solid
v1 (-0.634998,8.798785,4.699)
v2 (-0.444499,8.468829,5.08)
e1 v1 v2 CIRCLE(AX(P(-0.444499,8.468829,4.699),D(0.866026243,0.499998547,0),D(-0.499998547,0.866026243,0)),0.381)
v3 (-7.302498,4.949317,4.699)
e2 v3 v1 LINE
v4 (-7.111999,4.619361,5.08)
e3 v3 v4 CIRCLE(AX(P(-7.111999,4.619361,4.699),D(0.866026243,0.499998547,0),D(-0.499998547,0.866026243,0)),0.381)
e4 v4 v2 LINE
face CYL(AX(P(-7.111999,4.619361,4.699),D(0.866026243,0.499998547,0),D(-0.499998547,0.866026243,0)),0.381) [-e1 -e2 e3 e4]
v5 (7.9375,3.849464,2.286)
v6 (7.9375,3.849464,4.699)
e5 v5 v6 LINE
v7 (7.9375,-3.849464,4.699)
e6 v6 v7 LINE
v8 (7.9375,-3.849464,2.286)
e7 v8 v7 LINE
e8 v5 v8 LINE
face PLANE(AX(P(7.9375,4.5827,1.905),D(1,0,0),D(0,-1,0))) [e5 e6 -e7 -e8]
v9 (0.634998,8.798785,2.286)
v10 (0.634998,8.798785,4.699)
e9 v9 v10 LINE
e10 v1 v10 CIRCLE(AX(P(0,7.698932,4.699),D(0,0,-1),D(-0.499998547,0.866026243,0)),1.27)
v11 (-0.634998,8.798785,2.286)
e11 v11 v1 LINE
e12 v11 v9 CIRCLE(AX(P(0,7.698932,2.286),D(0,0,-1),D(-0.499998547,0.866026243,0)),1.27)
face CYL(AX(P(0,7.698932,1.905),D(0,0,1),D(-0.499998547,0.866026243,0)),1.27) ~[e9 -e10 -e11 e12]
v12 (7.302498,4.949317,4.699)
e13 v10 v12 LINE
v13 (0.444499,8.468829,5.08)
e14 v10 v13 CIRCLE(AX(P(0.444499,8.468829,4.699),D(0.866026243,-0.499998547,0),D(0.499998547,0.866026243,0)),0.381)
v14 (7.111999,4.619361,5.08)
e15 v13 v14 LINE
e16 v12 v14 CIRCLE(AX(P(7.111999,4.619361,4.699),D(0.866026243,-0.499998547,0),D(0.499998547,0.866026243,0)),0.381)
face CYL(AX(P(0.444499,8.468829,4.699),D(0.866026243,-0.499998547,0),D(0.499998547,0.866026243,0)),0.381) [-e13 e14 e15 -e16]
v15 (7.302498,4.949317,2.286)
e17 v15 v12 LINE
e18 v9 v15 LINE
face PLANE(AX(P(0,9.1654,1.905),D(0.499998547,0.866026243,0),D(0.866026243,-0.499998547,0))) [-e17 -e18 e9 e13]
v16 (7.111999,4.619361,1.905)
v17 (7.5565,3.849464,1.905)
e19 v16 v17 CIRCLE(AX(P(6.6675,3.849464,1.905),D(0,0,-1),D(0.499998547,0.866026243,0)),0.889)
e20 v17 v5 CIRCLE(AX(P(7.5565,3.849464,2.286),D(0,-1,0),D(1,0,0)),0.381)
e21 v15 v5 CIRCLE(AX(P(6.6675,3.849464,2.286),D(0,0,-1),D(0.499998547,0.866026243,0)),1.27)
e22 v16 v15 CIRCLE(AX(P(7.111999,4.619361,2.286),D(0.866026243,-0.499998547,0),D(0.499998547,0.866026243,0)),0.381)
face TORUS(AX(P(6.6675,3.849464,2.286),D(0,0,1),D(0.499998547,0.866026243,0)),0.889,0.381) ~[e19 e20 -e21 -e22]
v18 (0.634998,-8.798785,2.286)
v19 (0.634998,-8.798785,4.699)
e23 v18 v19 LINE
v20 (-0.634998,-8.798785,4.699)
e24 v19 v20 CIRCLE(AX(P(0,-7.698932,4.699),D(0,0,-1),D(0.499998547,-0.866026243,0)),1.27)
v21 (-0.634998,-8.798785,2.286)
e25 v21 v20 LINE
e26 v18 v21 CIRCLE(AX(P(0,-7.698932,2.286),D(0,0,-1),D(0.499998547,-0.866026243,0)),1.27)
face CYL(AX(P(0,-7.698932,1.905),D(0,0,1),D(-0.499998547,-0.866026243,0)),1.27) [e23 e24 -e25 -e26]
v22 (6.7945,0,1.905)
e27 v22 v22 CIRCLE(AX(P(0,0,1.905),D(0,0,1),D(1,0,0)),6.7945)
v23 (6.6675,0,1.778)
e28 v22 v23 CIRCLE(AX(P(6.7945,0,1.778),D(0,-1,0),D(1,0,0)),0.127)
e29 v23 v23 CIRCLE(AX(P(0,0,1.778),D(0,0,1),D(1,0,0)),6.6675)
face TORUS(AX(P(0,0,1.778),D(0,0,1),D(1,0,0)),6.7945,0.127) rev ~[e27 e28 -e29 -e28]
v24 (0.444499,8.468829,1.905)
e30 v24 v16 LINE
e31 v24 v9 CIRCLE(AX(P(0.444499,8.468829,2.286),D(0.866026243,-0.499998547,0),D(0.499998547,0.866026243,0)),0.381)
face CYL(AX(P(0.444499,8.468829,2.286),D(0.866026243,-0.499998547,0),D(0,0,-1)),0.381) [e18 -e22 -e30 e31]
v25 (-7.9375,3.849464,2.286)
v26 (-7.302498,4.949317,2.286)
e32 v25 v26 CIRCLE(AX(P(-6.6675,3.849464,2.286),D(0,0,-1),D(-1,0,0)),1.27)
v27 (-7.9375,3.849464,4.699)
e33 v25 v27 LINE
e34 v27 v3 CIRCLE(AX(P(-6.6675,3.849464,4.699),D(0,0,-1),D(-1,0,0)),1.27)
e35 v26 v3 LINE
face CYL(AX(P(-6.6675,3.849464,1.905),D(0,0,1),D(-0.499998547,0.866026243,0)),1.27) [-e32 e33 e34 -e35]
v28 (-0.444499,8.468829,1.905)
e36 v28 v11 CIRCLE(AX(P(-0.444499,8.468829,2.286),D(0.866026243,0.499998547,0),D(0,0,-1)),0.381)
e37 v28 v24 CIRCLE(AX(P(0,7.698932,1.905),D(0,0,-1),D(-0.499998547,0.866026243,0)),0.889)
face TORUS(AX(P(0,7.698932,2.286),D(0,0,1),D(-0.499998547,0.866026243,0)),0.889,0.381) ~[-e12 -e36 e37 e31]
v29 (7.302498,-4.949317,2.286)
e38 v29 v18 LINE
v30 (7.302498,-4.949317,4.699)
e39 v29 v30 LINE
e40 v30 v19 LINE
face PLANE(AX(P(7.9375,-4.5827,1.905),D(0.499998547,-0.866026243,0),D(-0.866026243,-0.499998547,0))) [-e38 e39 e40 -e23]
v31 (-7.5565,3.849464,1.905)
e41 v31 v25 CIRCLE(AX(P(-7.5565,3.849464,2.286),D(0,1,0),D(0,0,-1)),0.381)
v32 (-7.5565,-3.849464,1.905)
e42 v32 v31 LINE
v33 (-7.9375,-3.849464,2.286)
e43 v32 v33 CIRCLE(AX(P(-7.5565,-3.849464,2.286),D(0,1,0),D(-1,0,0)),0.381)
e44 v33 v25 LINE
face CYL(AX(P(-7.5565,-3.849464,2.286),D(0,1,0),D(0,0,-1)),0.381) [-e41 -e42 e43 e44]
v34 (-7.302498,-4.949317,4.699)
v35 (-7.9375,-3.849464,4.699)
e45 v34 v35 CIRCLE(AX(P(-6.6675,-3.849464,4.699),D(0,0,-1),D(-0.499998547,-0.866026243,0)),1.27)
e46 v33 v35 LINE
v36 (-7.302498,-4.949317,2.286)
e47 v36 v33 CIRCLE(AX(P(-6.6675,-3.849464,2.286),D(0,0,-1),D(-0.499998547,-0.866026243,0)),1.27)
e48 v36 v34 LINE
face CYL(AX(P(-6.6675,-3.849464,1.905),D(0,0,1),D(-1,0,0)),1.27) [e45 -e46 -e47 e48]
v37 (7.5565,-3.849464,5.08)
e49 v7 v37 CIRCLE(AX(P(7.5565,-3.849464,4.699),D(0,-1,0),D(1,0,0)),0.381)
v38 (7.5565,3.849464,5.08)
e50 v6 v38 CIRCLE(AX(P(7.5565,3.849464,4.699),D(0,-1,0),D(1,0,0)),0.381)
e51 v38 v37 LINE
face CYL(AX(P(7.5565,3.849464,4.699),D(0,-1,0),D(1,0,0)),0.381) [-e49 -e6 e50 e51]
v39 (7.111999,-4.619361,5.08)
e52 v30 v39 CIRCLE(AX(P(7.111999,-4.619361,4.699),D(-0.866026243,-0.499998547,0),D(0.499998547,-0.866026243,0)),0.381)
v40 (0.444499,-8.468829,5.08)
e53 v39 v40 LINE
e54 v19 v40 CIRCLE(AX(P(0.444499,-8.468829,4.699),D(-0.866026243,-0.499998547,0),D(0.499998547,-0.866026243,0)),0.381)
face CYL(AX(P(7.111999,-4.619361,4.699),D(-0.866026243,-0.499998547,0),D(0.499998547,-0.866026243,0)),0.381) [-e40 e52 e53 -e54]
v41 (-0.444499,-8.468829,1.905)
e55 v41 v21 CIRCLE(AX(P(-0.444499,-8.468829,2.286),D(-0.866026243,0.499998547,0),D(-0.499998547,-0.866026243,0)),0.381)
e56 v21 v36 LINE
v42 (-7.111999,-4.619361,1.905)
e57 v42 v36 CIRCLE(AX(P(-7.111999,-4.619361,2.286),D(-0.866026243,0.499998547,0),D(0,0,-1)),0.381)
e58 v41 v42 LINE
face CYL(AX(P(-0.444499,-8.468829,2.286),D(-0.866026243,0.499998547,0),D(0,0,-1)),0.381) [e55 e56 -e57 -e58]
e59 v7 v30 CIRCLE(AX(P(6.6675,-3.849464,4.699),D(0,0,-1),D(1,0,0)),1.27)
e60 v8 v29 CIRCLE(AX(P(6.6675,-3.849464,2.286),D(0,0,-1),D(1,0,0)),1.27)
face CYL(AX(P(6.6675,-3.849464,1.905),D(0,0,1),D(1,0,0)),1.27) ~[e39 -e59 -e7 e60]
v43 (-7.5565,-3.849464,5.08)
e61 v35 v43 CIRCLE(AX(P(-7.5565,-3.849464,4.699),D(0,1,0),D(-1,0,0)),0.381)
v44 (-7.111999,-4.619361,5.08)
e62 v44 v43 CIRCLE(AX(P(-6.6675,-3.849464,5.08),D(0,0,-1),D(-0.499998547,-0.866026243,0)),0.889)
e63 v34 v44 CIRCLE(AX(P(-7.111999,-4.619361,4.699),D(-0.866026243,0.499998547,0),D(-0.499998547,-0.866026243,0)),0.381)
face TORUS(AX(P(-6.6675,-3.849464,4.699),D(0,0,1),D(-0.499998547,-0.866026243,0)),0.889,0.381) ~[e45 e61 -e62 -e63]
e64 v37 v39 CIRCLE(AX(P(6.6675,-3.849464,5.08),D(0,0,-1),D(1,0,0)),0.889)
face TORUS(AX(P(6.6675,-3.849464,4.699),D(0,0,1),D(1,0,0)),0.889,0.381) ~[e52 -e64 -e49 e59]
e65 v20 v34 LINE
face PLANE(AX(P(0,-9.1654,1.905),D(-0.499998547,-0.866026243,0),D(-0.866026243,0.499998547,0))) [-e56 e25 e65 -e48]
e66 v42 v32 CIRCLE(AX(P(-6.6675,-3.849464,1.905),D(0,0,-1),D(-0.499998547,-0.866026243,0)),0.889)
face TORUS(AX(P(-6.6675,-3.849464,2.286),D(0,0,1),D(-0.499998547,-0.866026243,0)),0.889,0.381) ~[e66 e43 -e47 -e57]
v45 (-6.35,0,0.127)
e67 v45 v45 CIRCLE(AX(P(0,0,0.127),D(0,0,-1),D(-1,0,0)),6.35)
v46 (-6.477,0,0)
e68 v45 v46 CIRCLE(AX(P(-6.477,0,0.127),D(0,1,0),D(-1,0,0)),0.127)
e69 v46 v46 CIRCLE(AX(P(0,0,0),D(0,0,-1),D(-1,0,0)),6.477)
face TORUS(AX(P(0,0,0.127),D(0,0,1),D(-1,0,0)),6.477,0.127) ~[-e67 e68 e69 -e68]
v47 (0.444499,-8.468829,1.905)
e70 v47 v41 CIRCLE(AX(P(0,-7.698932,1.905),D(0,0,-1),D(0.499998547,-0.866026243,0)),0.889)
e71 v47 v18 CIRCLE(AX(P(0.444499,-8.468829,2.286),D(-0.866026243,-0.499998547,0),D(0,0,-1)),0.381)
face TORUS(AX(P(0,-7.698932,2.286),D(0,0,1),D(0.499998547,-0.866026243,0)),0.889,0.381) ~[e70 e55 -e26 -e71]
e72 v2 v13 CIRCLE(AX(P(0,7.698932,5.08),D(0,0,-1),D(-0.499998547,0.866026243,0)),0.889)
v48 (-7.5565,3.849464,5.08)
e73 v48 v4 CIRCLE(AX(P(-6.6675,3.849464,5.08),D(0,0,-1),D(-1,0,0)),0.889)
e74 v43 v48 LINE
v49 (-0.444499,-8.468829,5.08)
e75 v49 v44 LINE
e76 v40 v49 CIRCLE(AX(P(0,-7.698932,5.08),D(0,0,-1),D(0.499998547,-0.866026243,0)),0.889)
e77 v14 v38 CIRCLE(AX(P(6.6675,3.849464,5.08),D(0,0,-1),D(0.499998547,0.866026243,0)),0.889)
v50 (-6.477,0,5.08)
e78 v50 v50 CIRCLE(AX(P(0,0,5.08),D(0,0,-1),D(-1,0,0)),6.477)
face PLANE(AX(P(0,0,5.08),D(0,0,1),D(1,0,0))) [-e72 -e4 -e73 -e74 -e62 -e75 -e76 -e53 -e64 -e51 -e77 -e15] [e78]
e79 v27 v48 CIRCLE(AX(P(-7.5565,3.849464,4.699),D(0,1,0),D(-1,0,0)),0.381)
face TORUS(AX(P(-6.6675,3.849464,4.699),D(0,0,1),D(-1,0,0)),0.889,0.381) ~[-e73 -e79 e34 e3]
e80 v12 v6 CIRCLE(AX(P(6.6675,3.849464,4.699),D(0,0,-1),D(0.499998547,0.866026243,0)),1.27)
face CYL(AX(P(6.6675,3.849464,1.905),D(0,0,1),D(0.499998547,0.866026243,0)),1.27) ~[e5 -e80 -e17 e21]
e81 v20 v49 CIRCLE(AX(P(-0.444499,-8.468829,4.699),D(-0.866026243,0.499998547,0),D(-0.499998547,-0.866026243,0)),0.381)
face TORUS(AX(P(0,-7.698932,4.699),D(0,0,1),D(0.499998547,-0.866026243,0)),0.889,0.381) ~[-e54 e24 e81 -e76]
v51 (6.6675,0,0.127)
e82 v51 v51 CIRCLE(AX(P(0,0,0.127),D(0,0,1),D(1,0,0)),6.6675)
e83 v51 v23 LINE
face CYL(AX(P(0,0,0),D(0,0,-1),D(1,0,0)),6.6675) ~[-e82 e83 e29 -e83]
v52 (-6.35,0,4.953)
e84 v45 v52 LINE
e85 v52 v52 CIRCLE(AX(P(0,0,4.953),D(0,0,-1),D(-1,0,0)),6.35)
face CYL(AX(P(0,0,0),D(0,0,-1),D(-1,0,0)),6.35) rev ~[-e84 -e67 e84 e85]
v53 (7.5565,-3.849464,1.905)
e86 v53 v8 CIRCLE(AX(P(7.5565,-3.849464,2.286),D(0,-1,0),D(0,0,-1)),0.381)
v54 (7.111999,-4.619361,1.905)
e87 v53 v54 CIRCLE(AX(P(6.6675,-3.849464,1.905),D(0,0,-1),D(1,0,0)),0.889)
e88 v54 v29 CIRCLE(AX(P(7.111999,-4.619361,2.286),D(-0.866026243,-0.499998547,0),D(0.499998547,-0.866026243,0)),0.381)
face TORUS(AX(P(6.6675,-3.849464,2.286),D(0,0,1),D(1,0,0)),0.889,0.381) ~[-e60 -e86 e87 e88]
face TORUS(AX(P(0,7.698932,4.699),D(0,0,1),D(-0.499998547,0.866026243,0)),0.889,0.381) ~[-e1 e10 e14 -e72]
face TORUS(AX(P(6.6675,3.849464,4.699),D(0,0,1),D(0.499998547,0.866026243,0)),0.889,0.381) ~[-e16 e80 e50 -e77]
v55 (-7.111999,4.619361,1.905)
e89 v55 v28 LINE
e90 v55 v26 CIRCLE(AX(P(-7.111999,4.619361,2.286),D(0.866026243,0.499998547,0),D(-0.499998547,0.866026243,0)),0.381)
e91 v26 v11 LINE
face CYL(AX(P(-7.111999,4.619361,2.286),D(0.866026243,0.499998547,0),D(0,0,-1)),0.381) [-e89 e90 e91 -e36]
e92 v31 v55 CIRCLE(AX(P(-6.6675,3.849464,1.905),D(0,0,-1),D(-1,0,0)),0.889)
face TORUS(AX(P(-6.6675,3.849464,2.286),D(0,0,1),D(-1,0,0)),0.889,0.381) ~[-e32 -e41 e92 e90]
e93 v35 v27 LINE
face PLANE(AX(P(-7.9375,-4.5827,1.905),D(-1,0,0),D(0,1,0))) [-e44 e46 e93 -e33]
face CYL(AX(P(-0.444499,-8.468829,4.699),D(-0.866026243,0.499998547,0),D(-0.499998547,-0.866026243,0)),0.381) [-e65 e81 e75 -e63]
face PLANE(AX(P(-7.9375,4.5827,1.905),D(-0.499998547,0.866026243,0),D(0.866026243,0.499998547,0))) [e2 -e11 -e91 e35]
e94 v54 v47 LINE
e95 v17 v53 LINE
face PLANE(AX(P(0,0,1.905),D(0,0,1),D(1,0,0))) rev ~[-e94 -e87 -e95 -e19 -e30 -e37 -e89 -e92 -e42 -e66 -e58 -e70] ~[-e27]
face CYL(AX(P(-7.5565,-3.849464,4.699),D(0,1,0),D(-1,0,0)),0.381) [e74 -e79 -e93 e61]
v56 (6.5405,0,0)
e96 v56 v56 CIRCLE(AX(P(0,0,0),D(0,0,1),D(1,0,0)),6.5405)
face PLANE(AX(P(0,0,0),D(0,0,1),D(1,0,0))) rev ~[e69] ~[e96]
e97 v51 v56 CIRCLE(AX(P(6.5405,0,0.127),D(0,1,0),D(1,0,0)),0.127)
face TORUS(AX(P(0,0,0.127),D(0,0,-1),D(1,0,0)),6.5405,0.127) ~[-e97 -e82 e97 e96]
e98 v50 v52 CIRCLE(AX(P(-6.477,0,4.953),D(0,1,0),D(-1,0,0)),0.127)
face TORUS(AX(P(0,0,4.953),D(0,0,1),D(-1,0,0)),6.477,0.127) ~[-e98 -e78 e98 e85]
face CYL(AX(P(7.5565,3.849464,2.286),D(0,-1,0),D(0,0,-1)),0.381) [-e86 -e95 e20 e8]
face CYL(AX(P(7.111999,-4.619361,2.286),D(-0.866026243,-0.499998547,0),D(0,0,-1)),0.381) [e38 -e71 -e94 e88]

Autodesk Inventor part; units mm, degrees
ref_plane "YZ Plane" through (0, 0, 0) normal (1, 0, 0) x (0, 1, 0)
ref_plane "XZ Plane" through (0, 0, 0) normal (0, 1, 0) x (-1, 0, 0)
ref_plane "XY Plane" through (0, 0, 0) normal (0, 0, 1) x (1, 0, 0)
sketch "Sketch1" plane through (0, 0, 0) normal (0, 0, 1) x (1, 0, 0)
  circle A0 centre (0, 0) radius 6.6675
  dimension "d0" = 13.335
extrude "Extrusion1" add sketch "Sketch1" along normal blind 1.905
sketch "Sketch2" plane through (0, 0, 1.905) normal (0, 0, 1) x (1, 0, 0)
  line L0 (-7.9375, 4.5827) -> (0, 9.1654)
  line L1 (0, 9.1654) -> (7.9375, 4.5827)
  line L2 (7.9375, 4.5827) -> (7.9375, -4.5827)
  line L3 (7.9375, -4.5827) -> (0, -9.1654)
  line L4 (0, -9.1654) -> (-7.9375, -4.5827)
  line L5 (-7.9375, -4.5827) -> (-7.9375, 4.5827)
  point P0 (0, 0)
  point P1 (0, 0)
  dimension "d3" = 15.875
extrude "Extrusion2" add sketch "Sketch2" along normal blind 3.175
sketch "Sketch3" plane through (0, 0, 0) normal (0, 0, -1) x (-1, 0, 0)
  circle A0 centre (0, 0) radius 6.35
  dimension "d6" = 12.7
extrude "Extrusion3" cut sketch "Sketch3" against normal through all
fillet "Fillet1" radius 1.27 6 edges at (0, 9.1654, 3.4925) (7.9375, 4.5827, 3.4925) (7.9375, -4.5827, 3.4925) (0, -9.1654, 3.4925) (-7.9375, 4.5827, 3.4925) (-7.9375, -4.5827, 3.4925)
fillet "Fillet2" radius 0.381 24 edges at (7.7674, 4.4845, 1.905) (7.9375, 0, 1.905) (7.7674, -4.4845, 1.905) (3.9688, -6.8741, 1.905) (0, -8.969, 1.905) (-3.9687, -6.8741, 1.905) (-7.7674, -4.4845, 1.905) (-7.9375, 0, 1.905) (-7.7674, 4.4845, 1.905) (-3.9688, 6.8741, 1.905) (0, 8.969, 1.905) (3.9687, 6.8741, 1.905) (0, 8.969, 5.08) (-3.9688, 6.8741, 5.08) (-7.7674, 4.4845, 5.08) (-7.9375, 0, 5.08) (-7.7674, -4.4845, 5.08) (-3.9687, -6.8741, 5.08) (0, -8.969, 5.08) (3.9688, -6.8741, 5.08) (7.7674, -4.4845, 5.08) (7.9375, 0, 5.08) (7.7674, 4.4845, 5.08) (3.9687, 6.8741, 5.08)
fillet "Fillet3" radius 0.127 4 edges at (6.35, 0, 5.08) (-6.6675, 0, 1.905) (-6.6675, 0, 0) (6.35, 0, 0)
properties part number "Shock Spring Adjustment Nut"
